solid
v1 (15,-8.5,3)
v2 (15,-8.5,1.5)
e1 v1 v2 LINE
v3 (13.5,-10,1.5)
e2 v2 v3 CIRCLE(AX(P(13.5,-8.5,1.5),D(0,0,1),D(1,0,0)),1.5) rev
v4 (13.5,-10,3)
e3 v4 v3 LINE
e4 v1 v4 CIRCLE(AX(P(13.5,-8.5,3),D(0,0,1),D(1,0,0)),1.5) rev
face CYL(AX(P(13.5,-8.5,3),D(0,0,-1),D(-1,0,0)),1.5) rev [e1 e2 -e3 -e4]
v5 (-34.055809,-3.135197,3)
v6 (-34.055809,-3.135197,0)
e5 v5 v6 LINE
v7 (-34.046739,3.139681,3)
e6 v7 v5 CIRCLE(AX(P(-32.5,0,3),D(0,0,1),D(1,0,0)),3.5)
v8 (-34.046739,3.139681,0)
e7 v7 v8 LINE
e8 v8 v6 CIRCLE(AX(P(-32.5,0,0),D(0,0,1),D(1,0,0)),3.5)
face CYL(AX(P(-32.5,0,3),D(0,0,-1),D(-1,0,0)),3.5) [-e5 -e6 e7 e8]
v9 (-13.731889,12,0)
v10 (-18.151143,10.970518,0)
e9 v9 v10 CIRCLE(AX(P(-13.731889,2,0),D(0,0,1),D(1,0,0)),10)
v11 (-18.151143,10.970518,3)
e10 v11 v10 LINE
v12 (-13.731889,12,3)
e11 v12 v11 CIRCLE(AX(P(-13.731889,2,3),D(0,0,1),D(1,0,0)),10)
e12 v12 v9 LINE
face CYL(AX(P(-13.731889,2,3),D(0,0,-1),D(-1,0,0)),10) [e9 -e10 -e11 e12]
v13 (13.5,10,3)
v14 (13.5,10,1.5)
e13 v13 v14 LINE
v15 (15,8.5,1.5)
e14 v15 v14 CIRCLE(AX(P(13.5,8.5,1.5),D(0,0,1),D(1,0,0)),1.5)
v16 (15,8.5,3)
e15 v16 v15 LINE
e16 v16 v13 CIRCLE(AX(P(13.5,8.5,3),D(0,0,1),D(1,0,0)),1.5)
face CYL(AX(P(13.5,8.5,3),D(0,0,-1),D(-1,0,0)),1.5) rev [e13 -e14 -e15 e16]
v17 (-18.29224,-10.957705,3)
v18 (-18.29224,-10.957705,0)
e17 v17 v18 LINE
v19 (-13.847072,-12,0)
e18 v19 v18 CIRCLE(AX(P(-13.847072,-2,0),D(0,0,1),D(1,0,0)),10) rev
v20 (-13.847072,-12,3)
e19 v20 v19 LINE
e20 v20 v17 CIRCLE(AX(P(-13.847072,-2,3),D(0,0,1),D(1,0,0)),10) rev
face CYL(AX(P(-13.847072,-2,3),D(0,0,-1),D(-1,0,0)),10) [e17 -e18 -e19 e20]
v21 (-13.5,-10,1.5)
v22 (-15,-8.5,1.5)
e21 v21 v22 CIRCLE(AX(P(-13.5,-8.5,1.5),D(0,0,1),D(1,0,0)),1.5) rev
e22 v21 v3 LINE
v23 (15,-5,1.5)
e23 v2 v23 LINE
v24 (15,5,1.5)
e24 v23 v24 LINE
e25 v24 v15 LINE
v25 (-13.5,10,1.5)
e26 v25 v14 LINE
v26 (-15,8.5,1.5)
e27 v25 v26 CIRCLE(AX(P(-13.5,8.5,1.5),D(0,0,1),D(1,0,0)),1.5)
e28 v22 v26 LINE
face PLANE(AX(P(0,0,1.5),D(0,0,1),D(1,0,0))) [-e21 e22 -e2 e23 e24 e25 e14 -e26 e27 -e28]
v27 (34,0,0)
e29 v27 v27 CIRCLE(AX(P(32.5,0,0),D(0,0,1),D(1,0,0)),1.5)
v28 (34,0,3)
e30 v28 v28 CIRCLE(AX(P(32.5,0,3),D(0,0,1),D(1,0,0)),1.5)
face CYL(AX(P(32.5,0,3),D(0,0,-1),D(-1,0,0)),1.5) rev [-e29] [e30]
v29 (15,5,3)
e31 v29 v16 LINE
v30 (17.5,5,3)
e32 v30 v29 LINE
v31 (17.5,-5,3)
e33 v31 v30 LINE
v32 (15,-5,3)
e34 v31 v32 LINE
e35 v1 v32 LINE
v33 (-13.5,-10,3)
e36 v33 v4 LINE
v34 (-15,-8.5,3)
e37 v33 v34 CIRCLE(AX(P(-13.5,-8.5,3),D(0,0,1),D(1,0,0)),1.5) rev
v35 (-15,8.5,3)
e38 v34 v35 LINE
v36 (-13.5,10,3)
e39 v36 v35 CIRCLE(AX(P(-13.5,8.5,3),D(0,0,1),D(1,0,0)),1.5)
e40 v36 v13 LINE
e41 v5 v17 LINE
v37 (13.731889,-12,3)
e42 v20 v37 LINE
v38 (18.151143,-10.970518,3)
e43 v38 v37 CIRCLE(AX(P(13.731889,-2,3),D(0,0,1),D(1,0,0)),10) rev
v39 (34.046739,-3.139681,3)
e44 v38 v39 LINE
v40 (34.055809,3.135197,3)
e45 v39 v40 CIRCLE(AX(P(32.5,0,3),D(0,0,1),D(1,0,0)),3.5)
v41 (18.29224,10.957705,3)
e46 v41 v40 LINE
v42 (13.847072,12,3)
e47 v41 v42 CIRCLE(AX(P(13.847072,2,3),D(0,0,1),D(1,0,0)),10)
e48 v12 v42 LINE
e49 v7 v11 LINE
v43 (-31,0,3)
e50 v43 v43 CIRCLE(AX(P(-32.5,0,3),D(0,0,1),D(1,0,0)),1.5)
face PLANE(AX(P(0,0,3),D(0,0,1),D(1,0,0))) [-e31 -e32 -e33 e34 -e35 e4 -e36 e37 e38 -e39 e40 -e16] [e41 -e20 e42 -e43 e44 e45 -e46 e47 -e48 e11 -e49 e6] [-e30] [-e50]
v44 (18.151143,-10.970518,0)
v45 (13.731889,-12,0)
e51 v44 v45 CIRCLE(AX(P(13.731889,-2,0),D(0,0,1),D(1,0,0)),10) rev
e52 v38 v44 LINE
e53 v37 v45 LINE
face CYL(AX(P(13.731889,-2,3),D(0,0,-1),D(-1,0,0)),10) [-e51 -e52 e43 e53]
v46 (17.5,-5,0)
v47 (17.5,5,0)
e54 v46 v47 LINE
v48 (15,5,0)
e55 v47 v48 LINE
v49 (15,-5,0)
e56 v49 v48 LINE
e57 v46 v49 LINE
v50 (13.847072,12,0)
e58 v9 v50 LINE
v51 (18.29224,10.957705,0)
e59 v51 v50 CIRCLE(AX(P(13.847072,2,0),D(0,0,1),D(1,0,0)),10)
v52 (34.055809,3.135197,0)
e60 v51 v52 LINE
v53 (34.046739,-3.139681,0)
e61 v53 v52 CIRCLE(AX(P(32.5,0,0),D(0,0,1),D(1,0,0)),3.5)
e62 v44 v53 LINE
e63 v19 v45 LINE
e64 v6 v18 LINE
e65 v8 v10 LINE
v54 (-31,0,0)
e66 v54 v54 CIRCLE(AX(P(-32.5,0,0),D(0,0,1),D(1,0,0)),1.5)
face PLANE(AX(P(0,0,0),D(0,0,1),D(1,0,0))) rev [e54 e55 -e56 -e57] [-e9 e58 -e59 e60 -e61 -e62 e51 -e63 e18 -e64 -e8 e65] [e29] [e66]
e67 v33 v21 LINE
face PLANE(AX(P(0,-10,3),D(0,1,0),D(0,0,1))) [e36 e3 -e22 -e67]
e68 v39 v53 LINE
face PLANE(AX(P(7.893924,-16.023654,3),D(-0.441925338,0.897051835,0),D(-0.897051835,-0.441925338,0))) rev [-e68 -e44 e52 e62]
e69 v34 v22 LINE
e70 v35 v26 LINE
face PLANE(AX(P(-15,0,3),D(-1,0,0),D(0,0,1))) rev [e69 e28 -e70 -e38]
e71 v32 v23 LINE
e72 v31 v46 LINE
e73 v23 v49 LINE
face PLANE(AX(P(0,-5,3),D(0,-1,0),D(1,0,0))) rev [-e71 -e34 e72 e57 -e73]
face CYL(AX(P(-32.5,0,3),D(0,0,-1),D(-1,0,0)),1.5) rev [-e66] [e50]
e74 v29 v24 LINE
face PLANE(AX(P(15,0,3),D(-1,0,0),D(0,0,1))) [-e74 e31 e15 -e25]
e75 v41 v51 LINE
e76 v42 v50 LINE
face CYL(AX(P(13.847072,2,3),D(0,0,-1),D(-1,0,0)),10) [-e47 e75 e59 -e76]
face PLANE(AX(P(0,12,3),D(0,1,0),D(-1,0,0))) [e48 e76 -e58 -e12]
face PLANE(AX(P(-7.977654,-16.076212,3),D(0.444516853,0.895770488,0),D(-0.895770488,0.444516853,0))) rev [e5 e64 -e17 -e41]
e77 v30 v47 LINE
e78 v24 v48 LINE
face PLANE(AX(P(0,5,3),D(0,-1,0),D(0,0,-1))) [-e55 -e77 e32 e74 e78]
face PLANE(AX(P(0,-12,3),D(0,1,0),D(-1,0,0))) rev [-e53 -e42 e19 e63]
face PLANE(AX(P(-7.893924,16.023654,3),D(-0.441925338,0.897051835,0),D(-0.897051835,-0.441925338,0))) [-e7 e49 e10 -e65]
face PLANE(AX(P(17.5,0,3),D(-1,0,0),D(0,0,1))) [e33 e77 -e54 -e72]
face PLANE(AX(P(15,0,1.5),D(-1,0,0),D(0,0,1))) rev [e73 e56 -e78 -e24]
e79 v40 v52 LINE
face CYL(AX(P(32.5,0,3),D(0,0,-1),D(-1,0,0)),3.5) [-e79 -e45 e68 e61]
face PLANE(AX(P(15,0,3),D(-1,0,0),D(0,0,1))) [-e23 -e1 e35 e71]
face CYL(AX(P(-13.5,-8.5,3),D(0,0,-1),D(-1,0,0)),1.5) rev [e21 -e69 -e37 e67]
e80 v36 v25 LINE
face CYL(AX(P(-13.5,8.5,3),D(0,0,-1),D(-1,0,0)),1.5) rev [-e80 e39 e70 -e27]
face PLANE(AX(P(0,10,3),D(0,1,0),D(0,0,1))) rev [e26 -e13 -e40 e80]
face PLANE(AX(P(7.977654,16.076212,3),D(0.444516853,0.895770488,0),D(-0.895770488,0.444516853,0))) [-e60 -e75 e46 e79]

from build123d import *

# Parameters (mm, degrees)
SKETCH1_R           = 1.5
BOSS_EXTRUDE1_DEPTH = 3
BOSS_EXTRUDE2_DEPTH = 1.5


with BuildPart() as part:
    # Sketch1 → Boss-Extrude1 (new body)
    with BuildSketch(Plane.XY):
        with BuildLine():
            Line((-18.151142685, 10.970518354), (-34.046738684, 3.139681424))
            ThreePointArc((-34.046738684, 3.139681424), (-35.999996343, 0.005059225), (-34.055808986, -3.135196708))
            Line((-34.055808986, -3.135196708), (-18.292240263, -10.957704881))
            ThreePointArc((-18.292240263, -10.957704881), (-16.129937386, -11.735939832), (-13.847071731, -12))
            Line((-13.847071731, -12), (13.731889302, -12))
            ThreePointArc((13.731889302, -12), (16.000679339, -11.739229526), (18.151142685, -10.970518354))
            Line((18.151142685, -10.970518354), (34.046738684, -3.139681424))
            ThreePointArc((34.046738684, -3.139681424), (35.999996343, -0.005059225), (34.055808986, 3.135196708))
            Line((34.055808986, 3.135196708), (18.292240263, 10.957704881))
            ThreePointArc((18.292240263, 10.957704881), (16.129937386, 11.735939832), (13.847071731, 12))
            Line((13.847071731, 12), (-13.731889302, 12))
            ThreePointArc((-13.731889302, 12), (-16.000679339, 11.739229526), (-18.151142685, 10.970518354))
        make_face()
        with Locations((-32.5, 0)):
            Circle(SKETCH1_R, mode=Mode.SUBTRACT)
        with BuildLine():
            Line((13.5, -10), (-13.5, -10))
            ThreePointArc((-13.5, -10), (-14.560660172, -9.560660172), (-15, -8.5))
            Line((-15, -8.5), (-15, 8.5))
            ThreePointArc((-15, 8.5), (-14.560660172, 9.560660172), (-13.5, 10))
            Line((-13.5, 10), (13.5, 10))
            ThreePointArc((13.5, 10), (14.560660172, 9.560660172), (15, 8.5))
            Line((15, 8.5), (15, 5))
            Line((15, 5), (17.5, 5))
            Line((17.5, 5), (17.5, -5))
            Line((17.5, -5), (15, -5))
            Line((15, -5), (15, -8.5))
            ThreePointArc((15, -8.5), (14.560660172, -9.560660172), (13.5, -10))
        make_face(mode=Mode.SUBTRACT)
        with Locations((32.5, 0)):
            Circle(SKETCH1_R, mode=Mode.SUBTRACT)
    extrude(amount=BOSS_EXTRUDE1_DEPTH)

    # Sketch1<3> → Boss-Extrude2 (add)
    with BuildSketch(Plane.XY):
        with BuildLine():
            ThreePointArc((-15, -8.5), (-14.560660172, -9.560660172), (-13.5, -10))
            Line((-13.5, -10), (13.5, -10))
            ThreePointArc((13.5, -10), (14.560660172, -9.560660172), (15, -8.5))
            Line((15, -8.5), (15, -5))
            Line((15, -5), (15, 5))
            Line((15, 5), (15, 8.5))
            ThreePointArc((15, 8.5), (14.560660172, 9.560660172), (13.5, 10))
            Line((13.5, 10), (-13.5, 10))
            ThreePointArc((-13.5, 10), (-14.560660172, 9.560660172), (-15, 8.5))
            Line((-15, 8.5), (-15, -8.5))
        make_face()
    extrude(amount=BOSS_EXTRUDE2_DEPTH)


solid = part.part
